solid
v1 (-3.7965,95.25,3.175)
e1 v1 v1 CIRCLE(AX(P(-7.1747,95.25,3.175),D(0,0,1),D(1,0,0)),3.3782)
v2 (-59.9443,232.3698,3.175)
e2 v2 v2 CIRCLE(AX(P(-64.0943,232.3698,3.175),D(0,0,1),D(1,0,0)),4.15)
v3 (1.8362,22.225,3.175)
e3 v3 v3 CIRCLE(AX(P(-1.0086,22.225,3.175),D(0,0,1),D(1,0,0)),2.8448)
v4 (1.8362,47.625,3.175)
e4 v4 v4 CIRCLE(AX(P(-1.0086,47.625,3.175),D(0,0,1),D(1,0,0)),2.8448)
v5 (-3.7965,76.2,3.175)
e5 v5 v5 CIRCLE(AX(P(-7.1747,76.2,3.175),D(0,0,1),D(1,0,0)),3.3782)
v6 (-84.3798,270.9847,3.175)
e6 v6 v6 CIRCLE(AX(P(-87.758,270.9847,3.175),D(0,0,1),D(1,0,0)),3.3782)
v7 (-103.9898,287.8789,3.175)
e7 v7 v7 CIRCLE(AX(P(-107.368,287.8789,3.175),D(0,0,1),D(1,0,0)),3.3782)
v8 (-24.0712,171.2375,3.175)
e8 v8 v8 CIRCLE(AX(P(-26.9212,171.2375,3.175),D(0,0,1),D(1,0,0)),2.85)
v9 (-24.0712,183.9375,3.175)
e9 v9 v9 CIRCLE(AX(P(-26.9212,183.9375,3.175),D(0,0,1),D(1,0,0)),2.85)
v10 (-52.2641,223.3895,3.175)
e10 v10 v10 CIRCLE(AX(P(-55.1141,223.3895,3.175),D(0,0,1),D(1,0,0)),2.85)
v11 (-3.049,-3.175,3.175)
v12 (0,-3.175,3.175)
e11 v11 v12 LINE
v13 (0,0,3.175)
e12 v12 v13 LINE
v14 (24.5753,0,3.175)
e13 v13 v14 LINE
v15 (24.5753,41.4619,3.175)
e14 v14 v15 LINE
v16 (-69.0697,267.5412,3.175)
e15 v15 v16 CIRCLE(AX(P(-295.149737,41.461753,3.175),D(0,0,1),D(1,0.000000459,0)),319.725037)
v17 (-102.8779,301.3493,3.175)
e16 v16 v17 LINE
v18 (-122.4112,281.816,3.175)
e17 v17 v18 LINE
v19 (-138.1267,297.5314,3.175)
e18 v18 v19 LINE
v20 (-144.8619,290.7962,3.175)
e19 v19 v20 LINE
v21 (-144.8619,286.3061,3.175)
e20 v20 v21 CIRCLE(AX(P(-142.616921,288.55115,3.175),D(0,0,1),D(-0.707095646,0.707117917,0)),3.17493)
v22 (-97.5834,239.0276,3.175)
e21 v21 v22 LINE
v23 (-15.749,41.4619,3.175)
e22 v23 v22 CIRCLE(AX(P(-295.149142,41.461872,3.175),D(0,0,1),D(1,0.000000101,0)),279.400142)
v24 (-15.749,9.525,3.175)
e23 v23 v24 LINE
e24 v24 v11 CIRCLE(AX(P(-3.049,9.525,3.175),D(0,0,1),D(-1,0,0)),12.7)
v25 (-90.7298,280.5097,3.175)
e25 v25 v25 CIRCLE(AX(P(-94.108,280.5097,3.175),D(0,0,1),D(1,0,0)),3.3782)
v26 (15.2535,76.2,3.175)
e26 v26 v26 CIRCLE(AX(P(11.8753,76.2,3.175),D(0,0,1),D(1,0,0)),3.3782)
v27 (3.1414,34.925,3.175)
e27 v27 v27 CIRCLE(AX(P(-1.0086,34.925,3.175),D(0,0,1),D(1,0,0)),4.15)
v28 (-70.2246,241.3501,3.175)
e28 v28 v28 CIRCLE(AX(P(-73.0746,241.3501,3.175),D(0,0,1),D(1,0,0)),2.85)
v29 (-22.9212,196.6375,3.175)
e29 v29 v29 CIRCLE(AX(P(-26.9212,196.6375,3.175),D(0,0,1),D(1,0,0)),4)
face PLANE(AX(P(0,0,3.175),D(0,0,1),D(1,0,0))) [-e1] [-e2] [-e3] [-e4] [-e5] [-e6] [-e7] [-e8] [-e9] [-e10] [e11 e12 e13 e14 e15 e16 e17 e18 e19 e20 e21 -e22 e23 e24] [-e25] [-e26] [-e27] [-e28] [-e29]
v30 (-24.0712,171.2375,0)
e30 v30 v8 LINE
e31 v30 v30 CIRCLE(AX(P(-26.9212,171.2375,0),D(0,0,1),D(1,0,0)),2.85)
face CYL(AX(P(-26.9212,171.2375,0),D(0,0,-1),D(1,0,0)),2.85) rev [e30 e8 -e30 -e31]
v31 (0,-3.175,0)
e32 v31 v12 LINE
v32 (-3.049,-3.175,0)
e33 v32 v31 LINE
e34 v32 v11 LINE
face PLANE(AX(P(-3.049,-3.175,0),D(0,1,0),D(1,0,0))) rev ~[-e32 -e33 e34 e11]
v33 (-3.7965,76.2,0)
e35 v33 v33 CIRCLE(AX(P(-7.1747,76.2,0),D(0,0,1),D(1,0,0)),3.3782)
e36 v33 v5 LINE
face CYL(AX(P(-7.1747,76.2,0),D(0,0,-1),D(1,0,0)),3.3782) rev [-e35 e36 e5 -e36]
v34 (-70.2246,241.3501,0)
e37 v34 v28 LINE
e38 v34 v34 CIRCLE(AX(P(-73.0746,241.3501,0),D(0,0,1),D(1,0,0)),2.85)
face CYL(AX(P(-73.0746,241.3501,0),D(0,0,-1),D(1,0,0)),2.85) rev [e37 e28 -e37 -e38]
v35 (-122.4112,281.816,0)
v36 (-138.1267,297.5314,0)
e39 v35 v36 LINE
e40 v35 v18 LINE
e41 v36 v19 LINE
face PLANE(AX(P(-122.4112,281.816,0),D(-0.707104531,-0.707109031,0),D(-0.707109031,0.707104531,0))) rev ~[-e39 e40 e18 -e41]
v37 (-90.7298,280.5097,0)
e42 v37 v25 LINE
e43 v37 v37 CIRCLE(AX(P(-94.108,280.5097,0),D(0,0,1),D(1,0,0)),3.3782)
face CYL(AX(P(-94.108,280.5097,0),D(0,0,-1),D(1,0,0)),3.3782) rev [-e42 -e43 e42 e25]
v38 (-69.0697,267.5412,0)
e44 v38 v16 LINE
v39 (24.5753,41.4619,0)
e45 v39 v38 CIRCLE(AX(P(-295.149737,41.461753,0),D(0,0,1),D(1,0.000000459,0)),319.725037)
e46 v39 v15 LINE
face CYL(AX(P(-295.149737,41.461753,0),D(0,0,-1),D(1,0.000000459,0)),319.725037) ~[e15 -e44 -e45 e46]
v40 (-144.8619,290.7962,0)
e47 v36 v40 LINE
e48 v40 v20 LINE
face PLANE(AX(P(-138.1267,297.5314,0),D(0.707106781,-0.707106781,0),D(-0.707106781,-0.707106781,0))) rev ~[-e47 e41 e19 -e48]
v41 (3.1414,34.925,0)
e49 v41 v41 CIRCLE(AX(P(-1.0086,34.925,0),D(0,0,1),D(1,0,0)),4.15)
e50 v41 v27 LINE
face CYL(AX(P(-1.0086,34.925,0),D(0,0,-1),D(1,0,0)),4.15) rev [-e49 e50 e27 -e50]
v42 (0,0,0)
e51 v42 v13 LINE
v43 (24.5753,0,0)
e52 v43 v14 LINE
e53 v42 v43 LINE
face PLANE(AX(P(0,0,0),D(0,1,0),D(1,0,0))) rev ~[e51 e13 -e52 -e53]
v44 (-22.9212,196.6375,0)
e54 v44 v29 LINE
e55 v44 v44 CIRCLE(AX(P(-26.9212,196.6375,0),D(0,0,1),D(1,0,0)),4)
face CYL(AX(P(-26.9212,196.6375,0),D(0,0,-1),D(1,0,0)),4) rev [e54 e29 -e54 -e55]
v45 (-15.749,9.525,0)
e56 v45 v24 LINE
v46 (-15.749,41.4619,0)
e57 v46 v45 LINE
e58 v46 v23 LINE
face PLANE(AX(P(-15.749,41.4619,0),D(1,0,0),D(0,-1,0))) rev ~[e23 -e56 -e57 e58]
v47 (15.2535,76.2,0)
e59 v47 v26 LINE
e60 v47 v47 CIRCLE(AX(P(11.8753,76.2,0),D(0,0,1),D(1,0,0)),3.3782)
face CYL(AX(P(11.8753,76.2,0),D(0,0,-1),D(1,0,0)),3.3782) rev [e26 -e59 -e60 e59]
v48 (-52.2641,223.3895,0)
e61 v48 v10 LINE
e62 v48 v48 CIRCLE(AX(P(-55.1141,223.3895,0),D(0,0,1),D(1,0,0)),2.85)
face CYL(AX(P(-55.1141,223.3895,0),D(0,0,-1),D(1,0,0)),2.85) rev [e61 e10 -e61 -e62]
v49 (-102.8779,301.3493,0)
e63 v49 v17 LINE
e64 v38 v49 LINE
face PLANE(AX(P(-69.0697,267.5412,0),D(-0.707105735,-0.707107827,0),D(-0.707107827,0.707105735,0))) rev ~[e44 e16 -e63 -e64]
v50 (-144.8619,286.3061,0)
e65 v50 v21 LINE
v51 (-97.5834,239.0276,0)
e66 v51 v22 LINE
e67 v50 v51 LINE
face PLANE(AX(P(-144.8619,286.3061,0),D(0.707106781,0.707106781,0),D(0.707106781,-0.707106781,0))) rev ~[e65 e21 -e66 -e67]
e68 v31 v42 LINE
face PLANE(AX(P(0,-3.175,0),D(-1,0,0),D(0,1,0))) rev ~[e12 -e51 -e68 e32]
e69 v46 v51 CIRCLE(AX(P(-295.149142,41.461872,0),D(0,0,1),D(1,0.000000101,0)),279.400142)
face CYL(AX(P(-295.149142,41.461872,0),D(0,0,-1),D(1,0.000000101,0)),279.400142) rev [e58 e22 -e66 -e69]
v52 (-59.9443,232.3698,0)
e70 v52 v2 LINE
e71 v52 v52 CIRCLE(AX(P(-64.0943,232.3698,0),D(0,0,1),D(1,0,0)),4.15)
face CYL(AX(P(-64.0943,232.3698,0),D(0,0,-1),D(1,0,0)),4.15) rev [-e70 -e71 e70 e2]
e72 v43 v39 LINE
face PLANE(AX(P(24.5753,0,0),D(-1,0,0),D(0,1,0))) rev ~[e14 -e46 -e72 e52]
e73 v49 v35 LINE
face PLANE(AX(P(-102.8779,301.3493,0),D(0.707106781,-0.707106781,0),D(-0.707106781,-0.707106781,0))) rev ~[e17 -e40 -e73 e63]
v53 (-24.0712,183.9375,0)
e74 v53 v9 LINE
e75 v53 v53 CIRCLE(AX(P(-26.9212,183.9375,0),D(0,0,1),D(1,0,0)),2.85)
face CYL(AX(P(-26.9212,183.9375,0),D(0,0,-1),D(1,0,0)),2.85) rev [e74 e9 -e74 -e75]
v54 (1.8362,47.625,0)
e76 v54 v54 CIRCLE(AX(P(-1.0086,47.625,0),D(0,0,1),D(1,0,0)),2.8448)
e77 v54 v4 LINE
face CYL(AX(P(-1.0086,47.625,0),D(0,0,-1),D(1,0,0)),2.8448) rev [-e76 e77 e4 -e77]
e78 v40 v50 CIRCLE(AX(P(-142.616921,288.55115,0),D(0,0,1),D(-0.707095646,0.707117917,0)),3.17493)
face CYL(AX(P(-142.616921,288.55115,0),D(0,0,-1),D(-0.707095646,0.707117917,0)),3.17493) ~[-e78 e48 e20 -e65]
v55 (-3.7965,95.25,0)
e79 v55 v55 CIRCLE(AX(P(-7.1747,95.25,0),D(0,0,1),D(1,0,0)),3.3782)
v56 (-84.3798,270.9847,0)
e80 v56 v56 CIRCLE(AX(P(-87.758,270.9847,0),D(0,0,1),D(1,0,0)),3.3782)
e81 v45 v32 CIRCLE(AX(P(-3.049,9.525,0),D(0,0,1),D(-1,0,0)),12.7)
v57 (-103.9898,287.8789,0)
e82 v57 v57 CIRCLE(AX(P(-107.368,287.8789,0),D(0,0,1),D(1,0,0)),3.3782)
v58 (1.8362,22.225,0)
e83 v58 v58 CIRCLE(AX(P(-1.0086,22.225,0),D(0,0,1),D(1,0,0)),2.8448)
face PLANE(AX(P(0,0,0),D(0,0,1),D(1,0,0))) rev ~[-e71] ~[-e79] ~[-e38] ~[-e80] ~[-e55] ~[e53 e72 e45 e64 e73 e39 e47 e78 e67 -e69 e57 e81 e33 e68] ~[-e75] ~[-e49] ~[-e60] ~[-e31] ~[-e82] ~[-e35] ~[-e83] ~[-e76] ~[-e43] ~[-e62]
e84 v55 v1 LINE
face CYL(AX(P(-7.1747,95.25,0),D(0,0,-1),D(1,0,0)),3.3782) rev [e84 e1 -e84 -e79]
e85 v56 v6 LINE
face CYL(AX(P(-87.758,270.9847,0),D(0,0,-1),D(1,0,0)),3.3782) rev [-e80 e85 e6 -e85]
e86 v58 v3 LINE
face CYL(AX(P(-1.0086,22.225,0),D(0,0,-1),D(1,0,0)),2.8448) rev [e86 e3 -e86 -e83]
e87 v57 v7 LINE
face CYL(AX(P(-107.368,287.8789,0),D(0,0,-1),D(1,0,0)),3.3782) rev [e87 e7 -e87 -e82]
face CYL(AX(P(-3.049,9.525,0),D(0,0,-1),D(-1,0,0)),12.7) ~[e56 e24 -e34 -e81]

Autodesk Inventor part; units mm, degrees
ref_plane "YZ Plane" through (0, 0, 0) normal (1, 0, 0) x (0, 1, 0)
ref_plane "XZ Plane" through (0, 0, 0) normal (0, 1, 0) x (-1, 0, 0)
ref_plane "XY Plane" through (0, 0, 0) normal (0, 0, 1) x (1, 0, 0)
sketch "Sketch1" plane through (0, 0, 0) normal (0, 0, 1) x (1, 0, 0)
  arc A0 (-15.749, 9.525) -> (-3.049, -3.175) centre (-3.049, 9.525) ccw
  line L0 (-3.049, -3.175) -> (0, -3.175)
  line L1 (0, -3.175) -> (0, 0)
  line L2 (0, 0) -> (24.5753, 0)
  line L3 (24.5753, 0) -> (24.5753, 41.4619)
  arc A1 (24.5753, 41.4619) -> (-69.0697, 267.5412) centre (-295.149, 41.4619) ccw
  line L4 (-69.0697, 267.5412) -> (-102.8779, 301.3493)
  line L5 (-102.8779, 301.3493) -> (-122.4112, 281.816)
  line L6 (-122.4112, 281.816) -> (-138.1267, 297.5314)
  line L7 (-138.1267, 297.5314) -> (-144.8619, 290.7962)
  arc A2 (-144.8619, 290.7962) -> (-144.8619, 286.3061) centre (-142.6168, 288.5511) ccw
  line L8 (-144.8619, 286.3061) -> (-97.5834, 239.0276)
  arc A3 (-15.749, 41.4619) -> (-97.5834, 239.0276) centre (-295.149, 41.4619) ccw
  line L9 (-15.749, 41.4619) -> (-15.749, 9.525)
  circle A4 centre (-1.0086, 22.225) radius 2.8448
  circle A5 centre (-1.0086, 47.625) radius 2.8448
  circle A6 centre (-26.9212, 171.2375) radius 2.85
  circle A7 centre (-26.9212, 183.9375) radius 2.85
  circle A8 centre (-26.9212, 196.6375) radius 4
  circle A9 centre (-73.0746, 241.3501) radius 2.85
  circle A10 centre (-55.1141, 223.3895) radius 2.85
  circle A11 centre (-7.1747, 76.2) radius 3.3782
  circle A12 centre (11.8753, 76.2) radius 3.3782
  circle A13 centre (-7.1747, 95.25) radius 3.3782
  circle A14 centre (-107.368, 287.8789) radius 3.3782
  circle A15 centre (-94.108, 280.5097) radius 3.3782
  circle A16 centre (-87.758, 270.9847) radius 3.3782
  circle A17 centre (-1.0086, 34.925) radius 4.15
  circle A18 centre (-64.0943, 232.3698) radius 4.15
  line L10 (-97.5834, 239.0276) -> (-69.0697, 267.5412) construction
  line L11 (-15.749, 41.4619) -> (24.5753, 41.4619) construction
  line L12 (-1.0086, 47.625) -> (-1.0086, 22.225) construction
  line L13 (-7.1747, 76.2) -> (11.8753, 76.2) construction
  line L14 (-7.1747, 76.2) -> (-7.1747, 95.25) construction
  line L15 (-26.9212, 196.6375) -> (-26.9212, 171.2375) construction
  line L16 (-73.0746, 241.3501) -> (-55.1141, 223.3895) construction
  dimension "d0" = 279.4
  dimension "d1" = 319.7243
  dimension "d2" = 6.7564
  dimension "d3" = 6.7564
  dimension "d4" = 6.7564
  dimension "d5" = 5.7
  dimension "d6" = 8.3
  dimension "d7" = 5.7
  dimension "d8" = 8
  dimension "d9" = 5.7
  dimension "d10" = 5.7
  dimension "d11" = 3.175
  dimension "d12" = 12.7
  dimension "d13" = 22.225
  dimension "d14" = 27.6243
  dimension "d15" = 47.8119
  dimension "d16" = 70.0369
  dimension "d17" = 66.8619
  dimension "d18" = 45
  dimension "d19" = 6.7564
  dimension "d20" = 6.7564
  dimension "d21" = 6.7564
  dimension "d22" = 5.6896
  dimension "d23" = 8.3
  dimension "d24" = 5.6896
  dimension "d25" = 12.7
  dimension "d26" = 3.049
  dimension "d27" = 24.5753
  dimension "d28" = 3.175
  dimension "d29" = 41.4619
  dimension "d30" = 31.9369
  dimension "d32" = 14.7404
  dimension "d33" = 22.225
  dimension "d34" = 34.7381
  dimension "d35" = 19.05
  dimension "d36" = 19.05
  dimension "d37" = 8.5743
  dimension "d38" = 11.1722
  dimension "d39" = 171.2375
  dimension "d40" = 18.9726
  dimension "d41" = 63.5
  dimension "d42" = 6.35
  dimension "d43" = 12.7
  dimension "d44" = 8.5346
  dimension "d46" = 20.9371
  dimension "d48" = 25.4
  dimension "d49" = 25.4
  dimension "d50" = 25.4
  dimension "d53" = 6.35
  dimension "d54" = 9.525
extrude "Extrusion1" add sketch "Sketch1" along normal blind 3.175
properties part number "V5 Shooter Conveyor Plate P1 (45 Deg)" material "Aluminum-6061"
